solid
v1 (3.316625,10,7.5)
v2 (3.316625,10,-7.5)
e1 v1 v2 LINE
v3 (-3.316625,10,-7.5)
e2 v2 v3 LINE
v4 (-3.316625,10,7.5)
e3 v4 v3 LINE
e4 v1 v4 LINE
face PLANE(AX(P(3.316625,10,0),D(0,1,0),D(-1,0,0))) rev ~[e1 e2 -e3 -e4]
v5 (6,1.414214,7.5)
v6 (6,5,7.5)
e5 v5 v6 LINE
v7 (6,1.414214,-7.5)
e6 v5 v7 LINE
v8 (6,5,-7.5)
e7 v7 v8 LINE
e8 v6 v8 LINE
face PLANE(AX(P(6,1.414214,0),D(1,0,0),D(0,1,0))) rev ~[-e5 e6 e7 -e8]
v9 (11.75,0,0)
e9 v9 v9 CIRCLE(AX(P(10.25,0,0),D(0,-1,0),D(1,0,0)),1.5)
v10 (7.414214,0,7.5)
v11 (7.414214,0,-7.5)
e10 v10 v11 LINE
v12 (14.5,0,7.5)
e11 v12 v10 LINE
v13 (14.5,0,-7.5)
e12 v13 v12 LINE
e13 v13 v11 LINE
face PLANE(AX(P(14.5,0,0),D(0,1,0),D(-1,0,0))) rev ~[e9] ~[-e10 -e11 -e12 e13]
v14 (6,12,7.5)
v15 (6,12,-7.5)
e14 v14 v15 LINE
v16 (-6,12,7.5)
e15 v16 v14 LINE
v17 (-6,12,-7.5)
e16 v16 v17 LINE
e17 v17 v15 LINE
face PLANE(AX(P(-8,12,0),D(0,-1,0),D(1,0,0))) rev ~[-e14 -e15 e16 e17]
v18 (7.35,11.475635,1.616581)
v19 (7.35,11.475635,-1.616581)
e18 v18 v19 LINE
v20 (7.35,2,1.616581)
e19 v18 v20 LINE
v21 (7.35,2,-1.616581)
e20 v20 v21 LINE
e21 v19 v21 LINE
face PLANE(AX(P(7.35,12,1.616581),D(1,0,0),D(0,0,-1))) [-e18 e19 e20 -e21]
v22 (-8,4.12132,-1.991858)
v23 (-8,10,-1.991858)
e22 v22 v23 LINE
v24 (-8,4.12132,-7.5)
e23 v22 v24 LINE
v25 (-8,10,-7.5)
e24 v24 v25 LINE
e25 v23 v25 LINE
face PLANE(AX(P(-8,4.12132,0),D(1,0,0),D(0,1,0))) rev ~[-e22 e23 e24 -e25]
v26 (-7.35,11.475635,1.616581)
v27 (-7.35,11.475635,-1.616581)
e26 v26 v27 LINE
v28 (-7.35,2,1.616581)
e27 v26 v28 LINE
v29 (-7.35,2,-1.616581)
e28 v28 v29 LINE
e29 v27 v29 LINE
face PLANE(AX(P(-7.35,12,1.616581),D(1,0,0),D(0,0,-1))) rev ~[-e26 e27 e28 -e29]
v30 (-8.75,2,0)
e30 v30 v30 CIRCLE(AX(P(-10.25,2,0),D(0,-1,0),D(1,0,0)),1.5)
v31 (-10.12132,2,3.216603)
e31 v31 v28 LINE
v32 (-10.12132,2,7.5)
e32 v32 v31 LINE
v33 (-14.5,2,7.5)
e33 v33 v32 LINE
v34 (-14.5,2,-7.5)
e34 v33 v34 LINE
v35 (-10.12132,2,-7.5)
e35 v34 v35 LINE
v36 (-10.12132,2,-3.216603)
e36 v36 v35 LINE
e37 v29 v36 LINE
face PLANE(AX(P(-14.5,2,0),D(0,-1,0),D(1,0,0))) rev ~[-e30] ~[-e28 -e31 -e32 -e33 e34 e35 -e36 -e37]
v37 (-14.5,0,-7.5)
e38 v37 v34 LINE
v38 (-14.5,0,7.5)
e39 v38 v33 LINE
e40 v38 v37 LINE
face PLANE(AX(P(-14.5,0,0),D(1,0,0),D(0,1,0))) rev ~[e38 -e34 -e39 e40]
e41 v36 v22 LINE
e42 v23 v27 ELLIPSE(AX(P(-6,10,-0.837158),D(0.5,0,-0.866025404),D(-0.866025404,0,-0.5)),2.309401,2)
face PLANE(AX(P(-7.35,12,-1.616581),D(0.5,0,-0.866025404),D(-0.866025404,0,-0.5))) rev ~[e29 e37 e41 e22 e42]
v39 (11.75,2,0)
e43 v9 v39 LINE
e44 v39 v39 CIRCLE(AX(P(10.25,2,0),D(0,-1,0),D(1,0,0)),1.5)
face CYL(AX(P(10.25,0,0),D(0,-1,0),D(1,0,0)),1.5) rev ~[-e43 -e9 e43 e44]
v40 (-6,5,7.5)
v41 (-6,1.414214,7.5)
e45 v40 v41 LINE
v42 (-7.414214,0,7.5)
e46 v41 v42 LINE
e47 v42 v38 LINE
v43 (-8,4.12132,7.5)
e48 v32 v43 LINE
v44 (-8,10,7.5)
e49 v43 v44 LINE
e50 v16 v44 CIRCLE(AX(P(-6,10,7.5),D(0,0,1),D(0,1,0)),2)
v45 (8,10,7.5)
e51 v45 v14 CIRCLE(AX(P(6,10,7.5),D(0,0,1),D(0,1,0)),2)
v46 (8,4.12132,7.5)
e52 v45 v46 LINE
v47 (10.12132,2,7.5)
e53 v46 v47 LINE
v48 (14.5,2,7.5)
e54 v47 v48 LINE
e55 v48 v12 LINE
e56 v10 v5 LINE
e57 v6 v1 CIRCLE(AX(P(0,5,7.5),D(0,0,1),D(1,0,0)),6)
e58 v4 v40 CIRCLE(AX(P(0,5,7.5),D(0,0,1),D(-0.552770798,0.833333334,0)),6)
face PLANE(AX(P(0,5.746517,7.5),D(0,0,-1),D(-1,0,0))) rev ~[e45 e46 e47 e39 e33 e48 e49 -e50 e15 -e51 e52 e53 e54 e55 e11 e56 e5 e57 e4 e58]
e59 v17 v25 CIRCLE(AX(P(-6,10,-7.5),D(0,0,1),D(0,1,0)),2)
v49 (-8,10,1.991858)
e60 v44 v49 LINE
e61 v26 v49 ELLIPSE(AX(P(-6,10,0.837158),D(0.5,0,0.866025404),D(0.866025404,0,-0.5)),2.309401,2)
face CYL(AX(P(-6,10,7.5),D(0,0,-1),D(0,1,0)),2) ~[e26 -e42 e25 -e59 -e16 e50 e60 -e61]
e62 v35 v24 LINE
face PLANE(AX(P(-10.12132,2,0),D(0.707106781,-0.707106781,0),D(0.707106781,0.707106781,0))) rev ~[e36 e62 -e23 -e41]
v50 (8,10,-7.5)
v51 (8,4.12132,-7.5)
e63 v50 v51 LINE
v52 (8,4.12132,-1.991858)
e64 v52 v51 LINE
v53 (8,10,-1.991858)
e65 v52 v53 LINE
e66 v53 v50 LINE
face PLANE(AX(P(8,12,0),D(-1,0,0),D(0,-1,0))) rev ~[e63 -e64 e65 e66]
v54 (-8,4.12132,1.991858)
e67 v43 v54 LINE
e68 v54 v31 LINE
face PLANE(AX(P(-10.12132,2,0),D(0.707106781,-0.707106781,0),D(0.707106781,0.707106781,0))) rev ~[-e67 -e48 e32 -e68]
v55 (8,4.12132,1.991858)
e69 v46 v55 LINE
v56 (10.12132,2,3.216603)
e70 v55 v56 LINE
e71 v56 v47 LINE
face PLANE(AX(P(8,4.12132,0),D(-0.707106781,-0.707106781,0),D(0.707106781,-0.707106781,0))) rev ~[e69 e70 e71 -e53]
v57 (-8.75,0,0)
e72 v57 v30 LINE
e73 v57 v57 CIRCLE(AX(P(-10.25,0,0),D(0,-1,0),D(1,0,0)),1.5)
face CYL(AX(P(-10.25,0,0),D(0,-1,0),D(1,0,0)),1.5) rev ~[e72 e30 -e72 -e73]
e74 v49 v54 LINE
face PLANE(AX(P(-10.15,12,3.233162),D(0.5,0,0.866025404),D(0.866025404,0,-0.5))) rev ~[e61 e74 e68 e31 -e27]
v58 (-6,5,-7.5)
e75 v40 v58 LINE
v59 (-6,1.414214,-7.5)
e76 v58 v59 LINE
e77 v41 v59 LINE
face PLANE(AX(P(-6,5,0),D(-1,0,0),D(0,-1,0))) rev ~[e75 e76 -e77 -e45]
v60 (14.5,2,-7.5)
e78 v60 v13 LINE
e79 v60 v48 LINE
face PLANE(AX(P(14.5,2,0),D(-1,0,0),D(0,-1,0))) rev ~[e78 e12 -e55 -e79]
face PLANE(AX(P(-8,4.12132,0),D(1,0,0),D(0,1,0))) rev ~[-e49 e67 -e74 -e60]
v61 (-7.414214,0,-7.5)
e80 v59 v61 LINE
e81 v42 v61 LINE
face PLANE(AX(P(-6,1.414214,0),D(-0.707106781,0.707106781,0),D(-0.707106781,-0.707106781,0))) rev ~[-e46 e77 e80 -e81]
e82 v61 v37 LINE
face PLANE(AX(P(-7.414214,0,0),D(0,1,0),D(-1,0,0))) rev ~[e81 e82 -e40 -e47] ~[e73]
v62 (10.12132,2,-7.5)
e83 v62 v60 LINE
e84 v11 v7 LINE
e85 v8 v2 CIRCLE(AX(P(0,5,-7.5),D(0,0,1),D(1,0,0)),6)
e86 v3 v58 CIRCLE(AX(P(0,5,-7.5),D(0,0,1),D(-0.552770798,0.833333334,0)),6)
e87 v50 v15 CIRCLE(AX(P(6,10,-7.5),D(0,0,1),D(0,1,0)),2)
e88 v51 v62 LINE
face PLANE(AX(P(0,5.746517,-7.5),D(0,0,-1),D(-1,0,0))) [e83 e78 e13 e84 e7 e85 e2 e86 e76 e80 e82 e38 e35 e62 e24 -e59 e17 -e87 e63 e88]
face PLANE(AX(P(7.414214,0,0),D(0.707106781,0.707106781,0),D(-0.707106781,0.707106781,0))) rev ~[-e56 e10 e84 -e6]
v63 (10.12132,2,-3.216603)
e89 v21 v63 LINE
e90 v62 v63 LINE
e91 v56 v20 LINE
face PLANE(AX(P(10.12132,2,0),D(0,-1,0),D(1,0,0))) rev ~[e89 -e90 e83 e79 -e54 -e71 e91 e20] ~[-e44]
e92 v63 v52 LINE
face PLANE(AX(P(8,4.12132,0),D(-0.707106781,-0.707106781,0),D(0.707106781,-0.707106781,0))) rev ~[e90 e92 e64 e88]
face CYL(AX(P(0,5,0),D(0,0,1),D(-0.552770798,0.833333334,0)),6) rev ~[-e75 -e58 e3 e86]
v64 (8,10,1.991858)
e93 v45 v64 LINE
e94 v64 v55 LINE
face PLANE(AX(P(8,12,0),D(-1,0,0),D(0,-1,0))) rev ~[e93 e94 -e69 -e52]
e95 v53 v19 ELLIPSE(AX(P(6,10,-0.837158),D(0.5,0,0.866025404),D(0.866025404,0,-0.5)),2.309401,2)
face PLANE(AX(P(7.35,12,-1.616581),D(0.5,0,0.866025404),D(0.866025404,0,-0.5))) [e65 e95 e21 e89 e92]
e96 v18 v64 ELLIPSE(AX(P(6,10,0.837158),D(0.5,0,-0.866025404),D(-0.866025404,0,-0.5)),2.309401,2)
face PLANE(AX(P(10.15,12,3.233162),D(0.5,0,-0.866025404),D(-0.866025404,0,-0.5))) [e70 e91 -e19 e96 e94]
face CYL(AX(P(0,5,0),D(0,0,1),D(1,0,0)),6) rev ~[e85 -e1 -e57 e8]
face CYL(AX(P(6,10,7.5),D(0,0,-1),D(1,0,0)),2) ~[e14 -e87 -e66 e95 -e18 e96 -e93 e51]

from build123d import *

# Parameters (mm, degrees)
SALIENTE_EXTRUIR1_DEPTH = 7.5
REDONDEO1_R             = 2
CORTAR_EXTRUIR2_DEPTH   = 10
CROQUIS4_R              = 1.5
CORTAR_EXTRUIR3_DEPTH   = 11


with BuildPart() as part:
    # Croquis1 → Saliente-Extruir1 (new body, symmetric)
    with BuildSketch(Plane.XY):
        with BuildLine():
            Line((14.5, 0), (7.414213562, 0))
            Line((7.414213562, 0), (6, 1.414213562))
            Line((6, 1.414213562), (6, 5))
            ThreePointArc((6, 5), (5.286764074, 7.837274331), (3.31662479, 10))
            Line((3.31662479, 10), (-3.31662479, 10))
            ThreePointArc((-3.31662479, 10), (-5.286764074, 7.837274331), (-6, 5))
            Line((-6, 5), (-6, 1.414213562))
            Line((-6, 1.414213562), (-7.414213562, 0))
            Line((-7.414213562, 0), (-14.5, 0))
            Line((-14.5, 0), (-14.5, 2))
            Line((-14.5, 2), (-10.121320344, 2))
            Line((-10.121320344, 2), (-8, 4.121320344))
            Line((-8, 4.121320344), (-8, 12))
            Line((-8, 12), (8, 12))
            Line((8, 12), (8, 4.121320344))
            Line((8, 4.121320344), (10.121320344, 2))
            Line((10.121320344, 2), (14.5, 2))
            Line((14.5, 2), (14.5, 0))
        make_face()
    extrude(amount=SALIENTE_EXTRUIR1_DEPTH, both=True)

    # Redondeo1
    redondeo1_edges = [part.edges().sort_by_distance(p)[0] for p in [
        (-8, 12, 0),
        (8, 12, 0),
    ]]
    fillet(redondeo1_edges, radius=REDONDEO1_R)

    # Croquis3 → Cortar-Extruir2 (cut)
    with BuildSketch(Plane(origin=(0, 12, 0), x_dir=(1, 0, 0), z_dir=(0, 1, 0))):
        Polygon((-10.15, -3.233161507), (-7.35, -1.616580754), (-7.35, 1.616580754), (-10.15, 3.233161507), (-12.95, 1.616580754), (-12.95, -1.616580754), align=None)
        Polygon((12.95, -1.616580754), (10.15, -3.233161507), (7.35, -1.616580754), (7.35, 1.616580754), (10.15, 3.233161507), (12.95, 1.616580754), align=None)
    extrude(amount=-CORTAR_EXTRUIR2_DEPTH, mode=Mode.SUBTRACT)

    # Croquis4 → Cortar-Extruir3 (cut)
    with BuildSketch(Plane.XZ):
        with Locations((-10.25, 0)):
            Circle(CROQUIS4_R)
        with Locations((10.25, 0)):
            Circle(CROQUIS4_R)
    extrude(amount=-CORTAR_EXTRUIR3_DEPTH, mode=Mode.SUBTRACT)


solid = part.part
